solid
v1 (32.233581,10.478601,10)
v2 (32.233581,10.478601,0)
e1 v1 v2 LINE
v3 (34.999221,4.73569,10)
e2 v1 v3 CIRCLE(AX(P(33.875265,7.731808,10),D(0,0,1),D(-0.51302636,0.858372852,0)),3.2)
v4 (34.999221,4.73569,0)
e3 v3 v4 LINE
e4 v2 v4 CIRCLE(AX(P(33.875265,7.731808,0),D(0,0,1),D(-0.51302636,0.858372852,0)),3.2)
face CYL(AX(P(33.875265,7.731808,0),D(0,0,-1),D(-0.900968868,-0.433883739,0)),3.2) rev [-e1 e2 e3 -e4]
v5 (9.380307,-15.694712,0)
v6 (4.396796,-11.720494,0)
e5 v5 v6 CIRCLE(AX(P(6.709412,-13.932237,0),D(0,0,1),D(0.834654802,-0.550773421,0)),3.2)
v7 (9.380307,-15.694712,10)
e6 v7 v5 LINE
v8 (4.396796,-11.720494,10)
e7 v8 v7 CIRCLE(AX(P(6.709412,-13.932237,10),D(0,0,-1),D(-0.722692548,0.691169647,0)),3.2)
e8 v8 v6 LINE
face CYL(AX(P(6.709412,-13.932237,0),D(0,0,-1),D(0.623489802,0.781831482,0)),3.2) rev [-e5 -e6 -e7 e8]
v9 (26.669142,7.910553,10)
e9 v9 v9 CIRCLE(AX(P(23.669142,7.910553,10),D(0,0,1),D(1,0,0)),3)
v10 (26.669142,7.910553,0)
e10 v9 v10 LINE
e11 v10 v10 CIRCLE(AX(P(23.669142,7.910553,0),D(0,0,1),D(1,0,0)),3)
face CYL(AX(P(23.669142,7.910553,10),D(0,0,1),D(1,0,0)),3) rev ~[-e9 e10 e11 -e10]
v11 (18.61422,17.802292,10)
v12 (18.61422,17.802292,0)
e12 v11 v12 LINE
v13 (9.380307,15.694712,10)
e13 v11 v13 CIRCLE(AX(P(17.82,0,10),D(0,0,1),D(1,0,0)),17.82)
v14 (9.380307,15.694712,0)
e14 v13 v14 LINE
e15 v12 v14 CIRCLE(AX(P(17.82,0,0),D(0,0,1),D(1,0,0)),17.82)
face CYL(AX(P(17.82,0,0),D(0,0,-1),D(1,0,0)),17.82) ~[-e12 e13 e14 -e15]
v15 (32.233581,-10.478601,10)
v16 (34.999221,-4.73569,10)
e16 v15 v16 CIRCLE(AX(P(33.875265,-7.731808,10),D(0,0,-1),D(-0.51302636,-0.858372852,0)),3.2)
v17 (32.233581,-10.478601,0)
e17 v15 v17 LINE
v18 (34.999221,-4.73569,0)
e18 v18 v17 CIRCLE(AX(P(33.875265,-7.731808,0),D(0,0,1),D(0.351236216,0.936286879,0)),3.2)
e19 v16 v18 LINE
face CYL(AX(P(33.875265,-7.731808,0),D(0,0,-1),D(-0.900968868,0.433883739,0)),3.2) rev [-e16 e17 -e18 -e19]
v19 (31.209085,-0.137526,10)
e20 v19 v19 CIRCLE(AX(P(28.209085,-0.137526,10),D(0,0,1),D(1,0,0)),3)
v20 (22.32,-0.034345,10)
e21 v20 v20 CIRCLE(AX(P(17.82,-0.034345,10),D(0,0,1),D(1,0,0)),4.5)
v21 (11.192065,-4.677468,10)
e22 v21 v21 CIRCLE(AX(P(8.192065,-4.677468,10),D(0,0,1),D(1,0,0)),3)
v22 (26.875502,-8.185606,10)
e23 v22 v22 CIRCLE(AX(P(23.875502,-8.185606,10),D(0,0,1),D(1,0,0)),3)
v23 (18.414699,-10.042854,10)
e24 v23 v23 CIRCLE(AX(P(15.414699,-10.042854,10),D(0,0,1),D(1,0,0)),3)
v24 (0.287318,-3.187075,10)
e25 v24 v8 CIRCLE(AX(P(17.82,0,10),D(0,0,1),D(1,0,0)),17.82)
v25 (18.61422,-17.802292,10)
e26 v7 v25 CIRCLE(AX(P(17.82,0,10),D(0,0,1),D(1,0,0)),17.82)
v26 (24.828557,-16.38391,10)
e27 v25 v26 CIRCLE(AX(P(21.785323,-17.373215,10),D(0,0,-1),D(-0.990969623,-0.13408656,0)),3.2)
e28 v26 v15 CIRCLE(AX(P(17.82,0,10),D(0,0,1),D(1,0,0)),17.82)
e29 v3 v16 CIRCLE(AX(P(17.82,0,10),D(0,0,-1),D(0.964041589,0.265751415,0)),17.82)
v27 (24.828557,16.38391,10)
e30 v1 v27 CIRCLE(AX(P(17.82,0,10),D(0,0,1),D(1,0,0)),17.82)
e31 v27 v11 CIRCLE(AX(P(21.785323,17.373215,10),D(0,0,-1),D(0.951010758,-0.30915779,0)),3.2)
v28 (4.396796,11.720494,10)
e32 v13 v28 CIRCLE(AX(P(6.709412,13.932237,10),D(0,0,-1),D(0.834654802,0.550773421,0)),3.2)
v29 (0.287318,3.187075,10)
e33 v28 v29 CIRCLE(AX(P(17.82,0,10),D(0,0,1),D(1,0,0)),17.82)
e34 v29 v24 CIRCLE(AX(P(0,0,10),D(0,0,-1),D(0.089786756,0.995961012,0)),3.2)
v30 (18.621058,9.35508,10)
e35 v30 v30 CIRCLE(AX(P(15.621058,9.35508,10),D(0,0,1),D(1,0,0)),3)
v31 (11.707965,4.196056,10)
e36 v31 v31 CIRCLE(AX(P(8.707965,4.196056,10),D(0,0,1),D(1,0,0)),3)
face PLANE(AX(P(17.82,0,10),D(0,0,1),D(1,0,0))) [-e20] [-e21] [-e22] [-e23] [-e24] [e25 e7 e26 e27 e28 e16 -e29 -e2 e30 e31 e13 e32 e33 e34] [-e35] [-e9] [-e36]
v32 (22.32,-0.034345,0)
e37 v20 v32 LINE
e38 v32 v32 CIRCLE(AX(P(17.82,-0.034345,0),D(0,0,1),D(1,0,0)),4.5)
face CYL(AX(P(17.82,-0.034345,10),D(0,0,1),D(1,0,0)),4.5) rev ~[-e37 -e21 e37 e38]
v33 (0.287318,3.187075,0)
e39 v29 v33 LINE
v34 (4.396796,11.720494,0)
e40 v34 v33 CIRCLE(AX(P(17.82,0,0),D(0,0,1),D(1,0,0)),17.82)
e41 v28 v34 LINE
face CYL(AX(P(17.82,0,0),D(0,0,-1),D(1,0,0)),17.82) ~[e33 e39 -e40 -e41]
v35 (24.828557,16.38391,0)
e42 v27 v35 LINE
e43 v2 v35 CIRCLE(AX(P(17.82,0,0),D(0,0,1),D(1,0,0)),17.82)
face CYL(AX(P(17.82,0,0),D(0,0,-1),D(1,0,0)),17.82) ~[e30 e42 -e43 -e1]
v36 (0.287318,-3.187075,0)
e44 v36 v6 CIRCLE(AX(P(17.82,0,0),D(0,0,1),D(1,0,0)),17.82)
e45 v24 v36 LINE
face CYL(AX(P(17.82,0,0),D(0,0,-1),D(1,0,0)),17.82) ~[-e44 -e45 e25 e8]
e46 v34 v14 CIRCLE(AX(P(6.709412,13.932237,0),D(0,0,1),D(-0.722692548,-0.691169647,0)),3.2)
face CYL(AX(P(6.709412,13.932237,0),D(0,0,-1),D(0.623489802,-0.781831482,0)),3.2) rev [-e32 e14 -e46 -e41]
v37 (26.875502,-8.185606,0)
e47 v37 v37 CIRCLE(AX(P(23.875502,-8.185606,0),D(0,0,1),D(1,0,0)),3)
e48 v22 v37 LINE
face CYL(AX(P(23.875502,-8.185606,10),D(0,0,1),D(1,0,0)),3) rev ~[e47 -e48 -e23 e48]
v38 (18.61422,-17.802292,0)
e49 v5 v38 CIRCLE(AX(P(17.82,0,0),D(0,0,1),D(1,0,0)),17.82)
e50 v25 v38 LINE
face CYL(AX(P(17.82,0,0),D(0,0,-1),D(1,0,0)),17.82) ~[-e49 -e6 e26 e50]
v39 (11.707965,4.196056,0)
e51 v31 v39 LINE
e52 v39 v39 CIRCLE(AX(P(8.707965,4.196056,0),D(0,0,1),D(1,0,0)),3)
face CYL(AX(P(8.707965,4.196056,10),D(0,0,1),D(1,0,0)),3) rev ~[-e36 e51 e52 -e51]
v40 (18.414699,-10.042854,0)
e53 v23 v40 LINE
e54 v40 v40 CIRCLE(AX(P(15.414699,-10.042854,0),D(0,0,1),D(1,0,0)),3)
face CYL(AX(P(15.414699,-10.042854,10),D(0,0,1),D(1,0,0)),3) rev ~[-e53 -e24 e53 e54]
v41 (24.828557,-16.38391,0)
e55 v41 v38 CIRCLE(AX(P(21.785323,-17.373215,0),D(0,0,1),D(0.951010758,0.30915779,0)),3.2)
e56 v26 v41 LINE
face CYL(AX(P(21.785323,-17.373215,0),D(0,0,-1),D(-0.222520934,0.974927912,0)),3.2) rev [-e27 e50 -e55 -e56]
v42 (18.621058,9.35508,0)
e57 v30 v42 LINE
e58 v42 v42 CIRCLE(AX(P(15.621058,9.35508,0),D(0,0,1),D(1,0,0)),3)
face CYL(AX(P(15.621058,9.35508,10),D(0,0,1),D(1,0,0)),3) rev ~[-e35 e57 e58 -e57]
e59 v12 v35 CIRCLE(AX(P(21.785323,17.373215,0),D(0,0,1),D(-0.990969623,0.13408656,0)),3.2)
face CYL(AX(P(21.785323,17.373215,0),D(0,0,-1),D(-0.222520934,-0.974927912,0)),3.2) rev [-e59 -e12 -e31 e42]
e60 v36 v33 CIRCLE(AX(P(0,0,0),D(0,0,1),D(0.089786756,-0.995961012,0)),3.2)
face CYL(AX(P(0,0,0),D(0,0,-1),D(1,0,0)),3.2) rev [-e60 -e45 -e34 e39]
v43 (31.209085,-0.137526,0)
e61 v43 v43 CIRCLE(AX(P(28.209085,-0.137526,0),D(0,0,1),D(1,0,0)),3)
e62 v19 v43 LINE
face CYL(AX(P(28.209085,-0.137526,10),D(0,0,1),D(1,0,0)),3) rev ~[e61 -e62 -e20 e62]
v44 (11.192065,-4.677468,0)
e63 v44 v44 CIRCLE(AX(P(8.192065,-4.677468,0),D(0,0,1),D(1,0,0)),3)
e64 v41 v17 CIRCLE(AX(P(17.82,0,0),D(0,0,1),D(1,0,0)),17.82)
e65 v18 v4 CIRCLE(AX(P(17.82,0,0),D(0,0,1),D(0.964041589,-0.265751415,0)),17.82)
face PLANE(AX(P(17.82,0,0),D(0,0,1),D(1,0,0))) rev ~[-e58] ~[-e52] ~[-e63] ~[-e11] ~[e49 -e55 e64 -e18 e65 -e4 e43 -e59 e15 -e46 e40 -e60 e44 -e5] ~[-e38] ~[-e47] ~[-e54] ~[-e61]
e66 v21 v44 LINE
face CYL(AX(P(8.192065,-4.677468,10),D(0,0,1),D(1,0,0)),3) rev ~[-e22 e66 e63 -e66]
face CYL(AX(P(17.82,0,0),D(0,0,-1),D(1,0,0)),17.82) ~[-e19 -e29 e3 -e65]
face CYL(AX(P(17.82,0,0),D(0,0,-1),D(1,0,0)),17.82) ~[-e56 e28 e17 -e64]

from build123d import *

# Parameters (mm, degrees)
CYLINDER_R        = 3.2
CYLINDER_DEPTH    = 10
ARRAY_COUNT       = 7
CYLINDER001_R     = 17.82
CYLINDER001_DEPTH = 10
SKETCH001_R       = 4.5
SKETCH001_R_2     = 3
POCKET_DEPTH      = 10.001


with BuildPart() as dientes:
    # Cylinder → Cylinder (new body)
    with BuildSketch(Plane.XY):
        Circle(CYLINDER_R)
    extrude(amount=CYLINDER_DEPTH)

    # Array: Dientes ×7 about axis
    array_axis = Axis((17.82, 0, 0), (0, 0, 1))


with BuildPart() as dientes_1:
    add(dientes.part)
    for i in range(1, ARRAY_COUNT):
        add(dientes.part.rotate(array_axis, i * 360 / ARRAY_COUNT))


with BuildPart() as base001_aligerado_con_agujeros:
    # Cylinder001 → Cylinder001 (new body)
    with BuildSketch(Plane(origin=(17.82, 0, 0), x_dir=(1, 0, 0), z_dir=(0, 0, 1))):
        Circle(CYLINDER001_R)
    extrude(amount=CYLINDER001_DEPTH)

    # Cut: cut Dientes
    add(dientes_1.part, mode=Mode.SUBTRACT)

    # Sketch001 → Pocket (cut, through all)
    with BuildSketch(Plane.XY.offset(10)):
        with Locations((17.82, -0.034345)):
            Circle(SKETCH001_R)
        with Locations((15.621058, 9.35508)):
            Circle(SKETCH001_R_2)
        with Locations((23.669142, 7.910553)):
            Circle(SKETCH001_R_2)
        with Locations((28.209085, -0.137526)):
            Circle(SKETCH001_R_2)
        with Locations((23.875502, -8.185606)):
            Circle(SKETCH001_R_2)
        with Locations((15.414699, -10.042854)):
            Circle(SKETCH001_R_2)
        with Locations((8.192065, -4.677468)):
            Circle(SKETCH001_R_2)
        with Locations((8.707965, 4.196056)):
            Circle(SKETCH001_R_2)
    extrude(amount=-POCKET_DEPTH, mode=Mode.SUBTRACT)


solid = base001_aligerado_con_agujeros.part
